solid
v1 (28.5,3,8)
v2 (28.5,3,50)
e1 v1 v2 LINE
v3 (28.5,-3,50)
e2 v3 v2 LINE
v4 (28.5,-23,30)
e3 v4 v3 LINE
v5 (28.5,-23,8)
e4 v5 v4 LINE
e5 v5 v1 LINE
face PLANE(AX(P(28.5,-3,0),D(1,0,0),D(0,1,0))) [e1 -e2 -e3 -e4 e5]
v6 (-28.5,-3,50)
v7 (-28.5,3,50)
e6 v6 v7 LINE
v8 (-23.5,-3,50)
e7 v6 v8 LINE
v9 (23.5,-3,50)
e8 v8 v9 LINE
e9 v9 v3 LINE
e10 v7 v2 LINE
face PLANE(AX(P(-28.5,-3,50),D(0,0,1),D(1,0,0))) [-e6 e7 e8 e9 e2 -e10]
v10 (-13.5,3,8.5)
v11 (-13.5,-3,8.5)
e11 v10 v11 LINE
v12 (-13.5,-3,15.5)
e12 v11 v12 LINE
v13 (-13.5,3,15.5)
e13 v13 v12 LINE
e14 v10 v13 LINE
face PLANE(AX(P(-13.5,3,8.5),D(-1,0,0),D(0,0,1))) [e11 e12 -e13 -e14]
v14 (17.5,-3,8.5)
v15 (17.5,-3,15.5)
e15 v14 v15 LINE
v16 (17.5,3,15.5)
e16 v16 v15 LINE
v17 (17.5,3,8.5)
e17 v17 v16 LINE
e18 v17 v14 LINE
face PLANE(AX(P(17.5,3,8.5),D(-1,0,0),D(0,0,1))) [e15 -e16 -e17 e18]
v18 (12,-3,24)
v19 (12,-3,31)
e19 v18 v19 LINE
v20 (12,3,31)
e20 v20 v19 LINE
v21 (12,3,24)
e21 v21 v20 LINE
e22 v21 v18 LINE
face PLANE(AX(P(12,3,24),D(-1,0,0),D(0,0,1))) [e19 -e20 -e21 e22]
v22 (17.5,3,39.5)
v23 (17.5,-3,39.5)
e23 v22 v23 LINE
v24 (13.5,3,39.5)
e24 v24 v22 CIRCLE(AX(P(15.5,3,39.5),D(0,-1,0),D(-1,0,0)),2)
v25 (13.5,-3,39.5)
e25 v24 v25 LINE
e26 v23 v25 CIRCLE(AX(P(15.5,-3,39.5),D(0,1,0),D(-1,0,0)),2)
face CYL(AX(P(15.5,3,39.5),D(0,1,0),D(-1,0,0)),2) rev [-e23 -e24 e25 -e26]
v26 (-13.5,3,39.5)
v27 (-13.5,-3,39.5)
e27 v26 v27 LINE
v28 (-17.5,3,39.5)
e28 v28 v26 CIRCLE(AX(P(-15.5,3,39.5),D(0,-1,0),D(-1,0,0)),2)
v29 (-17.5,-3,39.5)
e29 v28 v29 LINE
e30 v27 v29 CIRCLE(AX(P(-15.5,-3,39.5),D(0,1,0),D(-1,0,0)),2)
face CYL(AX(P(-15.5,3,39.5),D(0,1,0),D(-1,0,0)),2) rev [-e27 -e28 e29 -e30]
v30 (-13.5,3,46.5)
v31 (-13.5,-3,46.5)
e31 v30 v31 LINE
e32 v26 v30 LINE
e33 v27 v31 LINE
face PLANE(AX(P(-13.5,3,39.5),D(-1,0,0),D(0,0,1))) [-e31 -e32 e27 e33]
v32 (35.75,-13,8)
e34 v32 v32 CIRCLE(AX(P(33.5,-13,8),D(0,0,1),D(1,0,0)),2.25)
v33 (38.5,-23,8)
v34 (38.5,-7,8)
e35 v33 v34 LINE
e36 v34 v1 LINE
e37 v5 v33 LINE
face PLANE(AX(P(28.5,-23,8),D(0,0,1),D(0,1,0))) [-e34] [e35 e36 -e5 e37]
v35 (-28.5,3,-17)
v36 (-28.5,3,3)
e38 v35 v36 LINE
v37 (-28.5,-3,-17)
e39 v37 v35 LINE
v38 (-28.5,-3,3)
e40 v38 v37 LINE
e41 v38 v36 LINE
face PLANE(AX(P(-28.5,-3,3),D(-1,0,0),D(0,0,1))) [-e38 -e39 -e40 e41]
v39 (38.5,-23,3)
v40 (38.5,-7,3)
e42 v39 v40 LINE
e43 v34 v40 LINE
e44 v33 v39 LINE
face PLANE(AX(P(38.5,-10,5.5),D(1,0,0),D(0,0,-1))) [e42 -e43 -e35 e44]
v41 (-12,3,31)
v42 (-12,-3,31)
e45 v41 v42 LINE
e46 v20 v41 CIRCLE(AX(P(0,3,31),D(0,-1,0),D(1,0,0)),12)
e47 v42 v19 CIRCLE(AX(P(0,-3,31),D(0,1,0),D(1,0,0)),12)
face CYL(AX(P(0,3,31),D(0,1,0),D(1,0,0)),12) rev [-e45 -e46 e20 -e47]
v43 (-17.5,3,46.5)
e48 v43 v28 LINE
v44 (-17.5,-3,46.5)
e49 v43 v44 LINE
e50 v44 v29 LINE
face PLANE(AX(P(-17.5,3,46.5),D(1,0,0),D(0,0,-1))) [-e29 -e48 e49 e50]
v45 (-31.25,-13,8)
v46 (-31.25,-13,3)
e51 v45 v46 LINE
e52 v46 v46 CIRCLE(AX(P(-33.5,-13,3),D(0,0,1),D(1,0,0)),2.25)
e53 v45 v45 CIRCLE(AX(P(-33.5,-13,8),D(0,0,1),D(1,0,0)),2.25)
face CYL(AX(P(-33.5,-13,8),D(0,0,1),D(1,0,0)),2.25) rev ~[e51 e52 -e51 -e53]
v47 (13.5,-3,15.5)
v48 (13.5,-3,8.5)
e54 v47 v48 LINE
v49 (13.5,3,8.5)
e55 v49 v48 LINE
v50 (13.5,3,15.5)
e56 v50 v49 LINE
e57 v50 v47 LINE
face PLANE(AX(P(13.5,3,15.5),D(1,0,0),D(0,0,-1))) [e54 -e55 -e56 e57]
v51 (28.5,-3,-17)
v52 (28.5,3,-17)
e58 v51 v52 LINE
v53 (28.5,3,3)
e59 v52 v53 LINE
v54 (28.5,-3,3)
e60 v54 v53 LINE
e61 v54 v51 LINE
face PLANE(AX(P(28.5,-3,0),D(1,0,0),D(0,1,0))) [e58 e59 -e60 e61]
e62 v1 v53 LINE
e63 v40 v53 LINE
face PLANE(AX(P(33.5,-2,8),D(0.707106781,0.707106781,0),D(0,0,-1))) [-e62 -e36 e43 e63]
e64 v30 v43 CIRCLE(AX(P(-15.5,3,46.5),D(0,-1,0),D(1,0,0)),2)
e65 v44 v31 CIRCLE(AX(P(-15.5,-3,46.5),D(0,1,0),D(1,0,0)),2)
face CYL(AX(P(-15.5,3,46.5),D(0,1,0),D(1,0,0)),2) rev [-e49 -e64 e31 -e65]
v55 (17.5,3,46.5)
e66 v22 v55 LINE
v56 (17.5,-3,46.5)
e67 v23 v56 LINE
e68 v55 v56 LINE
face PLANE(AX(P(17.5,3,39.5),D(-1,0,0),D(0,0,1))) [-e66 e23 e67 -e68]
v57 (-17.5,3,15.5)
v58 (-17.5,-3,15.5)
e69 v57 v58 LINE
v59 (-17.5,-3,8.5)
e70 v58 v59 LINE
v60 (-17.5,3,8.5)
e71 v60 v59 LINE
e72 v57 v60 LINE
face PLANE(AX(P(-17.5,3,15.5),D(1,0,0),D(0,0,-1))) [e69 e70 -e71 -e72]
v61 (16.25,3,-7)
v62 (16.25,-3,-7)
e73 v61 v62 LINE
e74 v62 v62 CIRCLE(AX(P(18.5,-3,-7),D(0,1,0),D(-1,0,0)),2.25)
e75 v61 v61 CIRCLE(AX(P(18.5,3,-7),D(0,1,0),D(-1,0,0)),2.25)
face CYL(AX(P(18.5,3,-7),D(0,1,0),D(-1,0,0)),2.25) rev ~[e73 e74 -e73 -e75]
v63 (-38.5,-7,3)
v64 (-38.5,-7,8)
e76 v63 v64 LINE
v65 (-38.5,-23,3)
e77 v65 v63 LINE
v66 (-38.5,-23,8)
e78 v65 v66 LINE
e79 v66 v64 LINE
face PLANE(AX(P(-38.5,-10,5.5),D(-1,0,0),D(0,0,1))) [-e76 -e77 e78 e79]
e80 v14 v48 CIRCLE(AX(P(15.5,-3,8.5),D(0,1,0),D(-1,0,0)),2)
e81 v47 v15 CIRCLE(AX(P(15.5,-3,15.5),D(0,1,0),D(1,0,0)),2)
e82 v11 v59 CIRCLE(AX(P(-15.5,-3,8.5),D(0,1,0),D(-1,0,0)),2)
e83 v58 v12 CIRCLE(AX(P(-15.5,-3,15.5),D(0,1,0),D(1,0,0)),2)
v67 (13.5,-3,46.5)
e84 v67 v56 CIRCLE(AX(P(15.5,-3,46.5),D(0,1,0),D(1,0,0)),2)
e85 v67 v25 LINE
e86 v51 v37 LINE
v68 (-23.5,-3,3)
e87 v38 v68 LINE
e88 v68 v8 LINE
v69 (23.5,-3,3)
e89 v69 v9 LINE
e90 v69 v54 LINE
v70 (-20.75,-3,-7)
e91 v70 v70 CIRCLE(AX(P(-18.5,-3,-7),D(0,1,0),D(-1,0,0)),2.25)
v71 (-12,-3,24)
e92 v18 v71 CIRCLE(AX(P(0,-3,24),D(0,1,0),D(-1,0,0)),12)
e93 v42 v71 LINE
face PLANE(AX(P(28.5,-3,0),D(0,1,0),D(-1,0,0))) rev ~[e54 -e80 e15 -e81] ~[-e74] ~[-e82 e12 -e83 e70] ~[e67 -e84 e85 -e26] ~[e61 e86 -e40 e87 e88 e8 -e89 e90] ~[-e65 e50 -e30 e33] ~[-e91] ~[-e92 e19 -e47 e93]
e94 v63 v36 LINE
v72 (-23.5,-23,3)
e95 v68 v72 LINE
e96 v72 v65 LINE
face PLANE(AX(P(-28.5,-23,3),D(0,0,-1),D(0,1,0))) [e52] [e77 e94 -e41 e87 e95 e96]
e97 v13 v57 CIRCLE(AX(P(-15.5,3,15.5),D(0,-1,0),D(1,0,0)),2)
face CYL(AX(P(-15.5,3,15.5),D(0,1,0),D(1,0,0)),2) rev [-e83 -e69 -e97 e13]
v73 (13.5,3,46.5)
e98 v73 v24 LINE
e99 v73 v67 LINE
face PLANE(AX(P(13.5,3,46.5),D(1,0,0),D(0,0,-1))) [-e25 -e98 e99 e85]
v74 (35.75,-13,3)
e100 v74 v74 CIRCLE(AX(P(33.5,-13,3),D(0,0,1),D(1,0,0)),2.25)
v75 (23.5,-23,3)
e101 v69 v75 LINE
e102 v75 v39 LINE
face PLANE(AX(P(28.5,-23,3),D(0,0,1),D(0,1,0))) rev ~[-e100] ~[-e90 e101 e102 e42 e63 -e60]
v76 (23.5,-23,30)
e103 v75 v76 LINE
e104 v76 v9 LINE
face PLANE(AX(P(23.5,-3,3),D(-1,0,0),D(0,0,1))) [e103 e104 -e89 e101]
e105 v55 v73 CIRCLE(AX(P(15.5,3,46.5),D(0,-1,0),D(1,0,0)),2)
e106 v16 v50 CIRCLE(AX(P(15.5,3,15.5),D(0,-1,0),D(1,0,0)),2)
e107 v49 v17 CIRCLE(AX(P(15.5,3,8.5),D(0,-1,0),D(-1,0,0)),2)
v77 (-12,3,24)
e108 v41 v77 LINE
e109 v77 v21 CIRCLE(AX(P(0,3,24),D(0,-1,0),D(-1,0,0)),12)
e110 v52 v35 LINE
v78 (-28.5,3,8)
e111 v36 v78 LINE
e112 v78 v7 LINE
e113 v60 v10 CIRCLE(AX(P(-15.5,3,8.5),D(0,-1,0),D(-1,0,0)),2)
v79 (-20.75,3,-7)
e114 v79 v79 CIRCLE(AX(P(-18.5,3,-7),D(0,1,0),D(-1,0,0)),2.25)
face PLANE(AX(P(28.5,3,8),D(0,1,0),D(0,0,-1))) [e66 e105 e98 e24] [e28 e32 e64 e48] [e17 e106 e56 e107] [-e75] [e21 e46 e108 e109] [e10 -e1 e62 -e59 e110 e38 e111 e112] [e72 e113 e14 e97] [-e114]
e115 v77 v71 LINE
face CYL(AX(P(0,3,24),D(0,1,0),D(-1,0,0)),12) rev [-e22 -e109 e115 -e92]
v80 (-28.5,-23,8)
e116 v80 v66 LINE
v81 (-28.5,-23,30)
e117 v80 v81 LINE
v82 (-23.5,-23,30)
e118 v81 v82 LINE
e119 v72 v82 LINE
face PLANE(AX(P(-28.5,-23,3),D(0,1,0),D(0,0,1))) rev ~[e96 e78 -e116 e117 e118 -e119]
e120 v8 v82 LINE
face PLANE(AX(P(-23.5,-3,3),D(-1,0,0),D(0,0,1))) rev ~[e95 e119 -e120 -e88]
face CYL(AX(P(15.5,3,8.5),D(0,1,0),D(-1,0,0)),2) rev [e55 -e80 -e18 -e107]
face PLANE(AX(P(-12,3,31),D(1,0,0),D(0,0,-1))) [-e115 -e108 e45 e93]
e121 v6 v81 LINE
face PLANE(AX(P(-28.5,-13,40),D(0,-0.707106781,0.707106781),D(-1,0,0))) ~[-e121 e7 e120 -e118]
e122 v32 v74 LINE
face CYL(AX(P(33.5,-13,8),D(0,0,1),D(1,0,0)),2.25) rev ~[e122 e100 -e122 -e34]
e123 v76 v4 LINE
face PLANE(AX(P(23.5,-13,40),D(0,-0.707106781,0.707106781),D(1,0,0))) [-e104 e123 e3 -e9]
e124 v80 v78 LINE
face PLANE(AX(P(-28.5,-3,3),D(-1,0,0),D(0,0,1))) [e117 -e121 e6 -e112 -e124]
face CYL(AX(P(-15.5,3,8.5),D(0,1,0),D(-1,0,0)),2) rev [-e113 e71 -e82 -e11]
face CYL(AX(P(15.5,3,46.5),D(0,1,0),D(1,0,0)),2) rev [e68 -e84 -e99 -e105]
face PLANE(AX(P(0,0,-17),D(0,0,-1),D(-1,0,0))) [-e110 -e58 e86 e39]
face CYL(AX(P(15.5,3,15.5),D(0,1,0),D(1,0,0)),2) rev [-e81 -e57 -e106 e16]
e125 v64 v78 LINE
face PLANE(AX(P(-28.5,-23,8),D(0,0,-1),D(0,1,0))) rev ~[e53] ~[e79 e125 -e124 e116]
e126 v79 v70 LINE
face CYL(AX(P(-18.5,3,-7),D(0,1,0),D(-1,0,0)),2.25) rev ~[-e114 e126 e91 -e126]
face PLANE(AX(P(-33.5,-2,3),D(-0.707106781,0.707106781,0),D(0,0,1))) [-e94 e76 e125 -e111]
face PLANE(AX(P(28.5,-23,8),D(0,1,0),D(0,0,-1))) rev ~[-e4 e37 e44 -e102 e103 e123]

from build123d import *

# Parameters (mm, degrees)
SKETCH1_W           = 57
SKETCH1_H           = 6
BOSS_EXTRUDE1_DEPTH = 50
CUT_EXTRUDE2_DEPTH  = 10
SKETCH4_W           = 57
SKETCH4_H           = 6
BOSS_EXTRUDE2_DEPTH = 17
SKETCH6_R           = 2.25
CUT_EXTRUDE3_DEPTH  = 20
SKETCH8_W           = 5
SKETCH8_H           = 47
BOSS_EXTRUDE4_DEPTH = 20
CHAMFER1_SIZE       = 20
SKETCH9_W           = 5
SKETCH9_H           = 26
BOSS_EXTRUDE5_DEPTH = 10
SKETCH10_W          = 5
SKETCH10_H          = 26
BOSS_EXTRUDE6_DEPTH = 10
CHAMFER2_SIZE       = 10
SKETCH11_R          = 2.25
CUT_EXTRUDE4_DEPTH  = 10


with BuildPart() as part:
    # Sketch1 → Boss-Extrude1 (new body)
    with BuildSketch(Plane.XY):
        Rectangle(SKETCH1_W, SKETCH1_H)
    extrude(amount=BOSS_EXTRUDE1_DEPTH)

    # Sketch3 → Cut-Extrude2 (cut)
    with BuildSketch(Plane(origin=(0, 3, 0), x_dir=(1, 0, 0), z_dir=(0, 1, 0))):
        with BuildLine():
            Line((-13.5, -8.5), (-13.5, -15.5))
            ThreePointArc((-13.5, -15.5), (-15.5, -17.5), (-17.5, -15.5))
            Line((-17.5, -15.5), (-17.5, -8.5))
            ThreePointArc((-17.5, -8.5), (-15.5, -6.5), (-13.5, -8.5))
        make_face()
        with BuildLine():
            Line((-13.5, -39.5), (-13.5, -46.5))
            ThreePointArc((-13.5, -46.5), (-15.5, -48.5), (-17.5, -46.5))
            Line((-17.5, -46.5), (-17.5, -39.5))
            ThreePointArc((-17.5, -39.5), (-15.5, -37.5), (-13.5, -39.5))
        make_face()
        with BuildLine():
            Line((17.5, -39.5), (17.5, -46.5))
            ThreePointArc((17.5, -46.5), (15.5, -48.5), (13.5, -46.5))
            Line((13.5, -46.5), (13.5, -39.5))
            ThreePointArc((13.5, -39.5), (15.5, -37.5), (17.5, -39.5))
        make_face()
        with BuildLine():
            Line((17.5, -8.5), (17.5, -15.5))
            ThreePointArc((17.5, -15.5), (15.5, -17.5), (13.5, -15.5))
            Line((13.5, -15.5), (13.5, -8.5))
            ThreePointArc((13.5, -8.5), (15.5, -6.5), (17.5, -8.5))
        make_face()
        with BuildLine():
            Line((12, -24), (12, -31))
            ThreePointArc((12, -31), (0, -43), (-12, -31))
            Line((-12, -31), (-12, -24))
            ThreePointArc((-12, -24), (0, -12), (12, -24))
        make_face()
    extrude(amount=-CUT_EXTRUDE2_DEPTH, mode=Mode.SUBTRACT)

    # Sketch4 → Boss-Extrude2 (add)
    with BuildSketch(Plane(origin=(0, 0, 0), x_dir=(-1, 0, 0), z_dir=(0, 0, -1))):
        Rectangle(SKETCH4_W, SKETCH4_H)
    extrude(amount=BOSS_EXTRUDE2_DEPTH)

    # Sketch6 → Cut-Extrude3 (cut)
    with BuildSketch(Plane(origin=(0, 3, 0), x_dir=(1, 0, 0), z_dir=(0, 1, 0))):
        with Locations(Location((-18.5, 7, 0), (0, 0, 180))):
            Circle(SKETCH6_R)
        with Locations(Location((18.5, 7, 0), (0, 0, 180))):
            Circle(SKETCH6_R)
    extrude(amount=-CUT_EXTRUDE3_DEPTH, mode=Mode.SUBTRACT)

    # Sketch8 → Boss-Extrude4 (add)
    with BuildSketch(Plane.XZ.offset(3)):
        with Locations((-26, 26.5)):
            Rectangle(SKETCH8_W, SKETCH8_H)
        with Locations((26, 26.5)):
            Rectangle(SKETCH8_W, SKETCH8_H)
    extrude(amount=BOSS_EXTRUDE4_DEPTH)

    # Chamfer1
    chamfer1_edges = [part.edges().sort_by_distance(p)[0] for p in [
        (26, -23, 50),
        (-26, -23, 50),
    ]]
    chamfer(chamfer1_edges, length=CHAMFER1_SIZE)

    # Sketch9 → Boss-Extrude5 (add)
    with BuildSketch(Plane.ZY.offset(28.5)):
        with Locations((5.5, -10)):
            Rectangle(SKETCH9_W, SKETCH9_H)
    extrude(amount=BOSS_EXTRUDE5_DEPTH)

    # Sketch10 → Boss-Extrude6 (add)
    with BuildSketch(Plane(origin=(28.5, 0, 0), x_dir=(0, 0, -1), z_dir=(1, 0, 0))):
        with Locations((-5.5, -10)):
            Rectangle(SKETCH10_W, SKETCH10_H)
    extrude(amount=BOSS_EXTRUDE6_DEPTH)

    # Chamfer2
    chamfer2_edges = [part.edges().sort_by_distance(p)[0] for p in [
        (38.5, 3, 5.5),
        (-38.5, 3, 5.5),
    ]]
    chamfer(chamfer2_edges, length=CHAMFER2_SIZE)

    # Sketch11 → Cut-Extrude4 (cut)
    with BuildSketch(Plane.XY.offset(8)):
        with Locations((-33.5, -13)):
            Circle(SKETCH11_R)
        with Locations((33.5, -13)):
            Circle(SKETCH11_R)
    extrude(amount=-CUT_EXTRUDE4_DEPTH, mode=Mode.SUBTRACT)


solid = part.part
